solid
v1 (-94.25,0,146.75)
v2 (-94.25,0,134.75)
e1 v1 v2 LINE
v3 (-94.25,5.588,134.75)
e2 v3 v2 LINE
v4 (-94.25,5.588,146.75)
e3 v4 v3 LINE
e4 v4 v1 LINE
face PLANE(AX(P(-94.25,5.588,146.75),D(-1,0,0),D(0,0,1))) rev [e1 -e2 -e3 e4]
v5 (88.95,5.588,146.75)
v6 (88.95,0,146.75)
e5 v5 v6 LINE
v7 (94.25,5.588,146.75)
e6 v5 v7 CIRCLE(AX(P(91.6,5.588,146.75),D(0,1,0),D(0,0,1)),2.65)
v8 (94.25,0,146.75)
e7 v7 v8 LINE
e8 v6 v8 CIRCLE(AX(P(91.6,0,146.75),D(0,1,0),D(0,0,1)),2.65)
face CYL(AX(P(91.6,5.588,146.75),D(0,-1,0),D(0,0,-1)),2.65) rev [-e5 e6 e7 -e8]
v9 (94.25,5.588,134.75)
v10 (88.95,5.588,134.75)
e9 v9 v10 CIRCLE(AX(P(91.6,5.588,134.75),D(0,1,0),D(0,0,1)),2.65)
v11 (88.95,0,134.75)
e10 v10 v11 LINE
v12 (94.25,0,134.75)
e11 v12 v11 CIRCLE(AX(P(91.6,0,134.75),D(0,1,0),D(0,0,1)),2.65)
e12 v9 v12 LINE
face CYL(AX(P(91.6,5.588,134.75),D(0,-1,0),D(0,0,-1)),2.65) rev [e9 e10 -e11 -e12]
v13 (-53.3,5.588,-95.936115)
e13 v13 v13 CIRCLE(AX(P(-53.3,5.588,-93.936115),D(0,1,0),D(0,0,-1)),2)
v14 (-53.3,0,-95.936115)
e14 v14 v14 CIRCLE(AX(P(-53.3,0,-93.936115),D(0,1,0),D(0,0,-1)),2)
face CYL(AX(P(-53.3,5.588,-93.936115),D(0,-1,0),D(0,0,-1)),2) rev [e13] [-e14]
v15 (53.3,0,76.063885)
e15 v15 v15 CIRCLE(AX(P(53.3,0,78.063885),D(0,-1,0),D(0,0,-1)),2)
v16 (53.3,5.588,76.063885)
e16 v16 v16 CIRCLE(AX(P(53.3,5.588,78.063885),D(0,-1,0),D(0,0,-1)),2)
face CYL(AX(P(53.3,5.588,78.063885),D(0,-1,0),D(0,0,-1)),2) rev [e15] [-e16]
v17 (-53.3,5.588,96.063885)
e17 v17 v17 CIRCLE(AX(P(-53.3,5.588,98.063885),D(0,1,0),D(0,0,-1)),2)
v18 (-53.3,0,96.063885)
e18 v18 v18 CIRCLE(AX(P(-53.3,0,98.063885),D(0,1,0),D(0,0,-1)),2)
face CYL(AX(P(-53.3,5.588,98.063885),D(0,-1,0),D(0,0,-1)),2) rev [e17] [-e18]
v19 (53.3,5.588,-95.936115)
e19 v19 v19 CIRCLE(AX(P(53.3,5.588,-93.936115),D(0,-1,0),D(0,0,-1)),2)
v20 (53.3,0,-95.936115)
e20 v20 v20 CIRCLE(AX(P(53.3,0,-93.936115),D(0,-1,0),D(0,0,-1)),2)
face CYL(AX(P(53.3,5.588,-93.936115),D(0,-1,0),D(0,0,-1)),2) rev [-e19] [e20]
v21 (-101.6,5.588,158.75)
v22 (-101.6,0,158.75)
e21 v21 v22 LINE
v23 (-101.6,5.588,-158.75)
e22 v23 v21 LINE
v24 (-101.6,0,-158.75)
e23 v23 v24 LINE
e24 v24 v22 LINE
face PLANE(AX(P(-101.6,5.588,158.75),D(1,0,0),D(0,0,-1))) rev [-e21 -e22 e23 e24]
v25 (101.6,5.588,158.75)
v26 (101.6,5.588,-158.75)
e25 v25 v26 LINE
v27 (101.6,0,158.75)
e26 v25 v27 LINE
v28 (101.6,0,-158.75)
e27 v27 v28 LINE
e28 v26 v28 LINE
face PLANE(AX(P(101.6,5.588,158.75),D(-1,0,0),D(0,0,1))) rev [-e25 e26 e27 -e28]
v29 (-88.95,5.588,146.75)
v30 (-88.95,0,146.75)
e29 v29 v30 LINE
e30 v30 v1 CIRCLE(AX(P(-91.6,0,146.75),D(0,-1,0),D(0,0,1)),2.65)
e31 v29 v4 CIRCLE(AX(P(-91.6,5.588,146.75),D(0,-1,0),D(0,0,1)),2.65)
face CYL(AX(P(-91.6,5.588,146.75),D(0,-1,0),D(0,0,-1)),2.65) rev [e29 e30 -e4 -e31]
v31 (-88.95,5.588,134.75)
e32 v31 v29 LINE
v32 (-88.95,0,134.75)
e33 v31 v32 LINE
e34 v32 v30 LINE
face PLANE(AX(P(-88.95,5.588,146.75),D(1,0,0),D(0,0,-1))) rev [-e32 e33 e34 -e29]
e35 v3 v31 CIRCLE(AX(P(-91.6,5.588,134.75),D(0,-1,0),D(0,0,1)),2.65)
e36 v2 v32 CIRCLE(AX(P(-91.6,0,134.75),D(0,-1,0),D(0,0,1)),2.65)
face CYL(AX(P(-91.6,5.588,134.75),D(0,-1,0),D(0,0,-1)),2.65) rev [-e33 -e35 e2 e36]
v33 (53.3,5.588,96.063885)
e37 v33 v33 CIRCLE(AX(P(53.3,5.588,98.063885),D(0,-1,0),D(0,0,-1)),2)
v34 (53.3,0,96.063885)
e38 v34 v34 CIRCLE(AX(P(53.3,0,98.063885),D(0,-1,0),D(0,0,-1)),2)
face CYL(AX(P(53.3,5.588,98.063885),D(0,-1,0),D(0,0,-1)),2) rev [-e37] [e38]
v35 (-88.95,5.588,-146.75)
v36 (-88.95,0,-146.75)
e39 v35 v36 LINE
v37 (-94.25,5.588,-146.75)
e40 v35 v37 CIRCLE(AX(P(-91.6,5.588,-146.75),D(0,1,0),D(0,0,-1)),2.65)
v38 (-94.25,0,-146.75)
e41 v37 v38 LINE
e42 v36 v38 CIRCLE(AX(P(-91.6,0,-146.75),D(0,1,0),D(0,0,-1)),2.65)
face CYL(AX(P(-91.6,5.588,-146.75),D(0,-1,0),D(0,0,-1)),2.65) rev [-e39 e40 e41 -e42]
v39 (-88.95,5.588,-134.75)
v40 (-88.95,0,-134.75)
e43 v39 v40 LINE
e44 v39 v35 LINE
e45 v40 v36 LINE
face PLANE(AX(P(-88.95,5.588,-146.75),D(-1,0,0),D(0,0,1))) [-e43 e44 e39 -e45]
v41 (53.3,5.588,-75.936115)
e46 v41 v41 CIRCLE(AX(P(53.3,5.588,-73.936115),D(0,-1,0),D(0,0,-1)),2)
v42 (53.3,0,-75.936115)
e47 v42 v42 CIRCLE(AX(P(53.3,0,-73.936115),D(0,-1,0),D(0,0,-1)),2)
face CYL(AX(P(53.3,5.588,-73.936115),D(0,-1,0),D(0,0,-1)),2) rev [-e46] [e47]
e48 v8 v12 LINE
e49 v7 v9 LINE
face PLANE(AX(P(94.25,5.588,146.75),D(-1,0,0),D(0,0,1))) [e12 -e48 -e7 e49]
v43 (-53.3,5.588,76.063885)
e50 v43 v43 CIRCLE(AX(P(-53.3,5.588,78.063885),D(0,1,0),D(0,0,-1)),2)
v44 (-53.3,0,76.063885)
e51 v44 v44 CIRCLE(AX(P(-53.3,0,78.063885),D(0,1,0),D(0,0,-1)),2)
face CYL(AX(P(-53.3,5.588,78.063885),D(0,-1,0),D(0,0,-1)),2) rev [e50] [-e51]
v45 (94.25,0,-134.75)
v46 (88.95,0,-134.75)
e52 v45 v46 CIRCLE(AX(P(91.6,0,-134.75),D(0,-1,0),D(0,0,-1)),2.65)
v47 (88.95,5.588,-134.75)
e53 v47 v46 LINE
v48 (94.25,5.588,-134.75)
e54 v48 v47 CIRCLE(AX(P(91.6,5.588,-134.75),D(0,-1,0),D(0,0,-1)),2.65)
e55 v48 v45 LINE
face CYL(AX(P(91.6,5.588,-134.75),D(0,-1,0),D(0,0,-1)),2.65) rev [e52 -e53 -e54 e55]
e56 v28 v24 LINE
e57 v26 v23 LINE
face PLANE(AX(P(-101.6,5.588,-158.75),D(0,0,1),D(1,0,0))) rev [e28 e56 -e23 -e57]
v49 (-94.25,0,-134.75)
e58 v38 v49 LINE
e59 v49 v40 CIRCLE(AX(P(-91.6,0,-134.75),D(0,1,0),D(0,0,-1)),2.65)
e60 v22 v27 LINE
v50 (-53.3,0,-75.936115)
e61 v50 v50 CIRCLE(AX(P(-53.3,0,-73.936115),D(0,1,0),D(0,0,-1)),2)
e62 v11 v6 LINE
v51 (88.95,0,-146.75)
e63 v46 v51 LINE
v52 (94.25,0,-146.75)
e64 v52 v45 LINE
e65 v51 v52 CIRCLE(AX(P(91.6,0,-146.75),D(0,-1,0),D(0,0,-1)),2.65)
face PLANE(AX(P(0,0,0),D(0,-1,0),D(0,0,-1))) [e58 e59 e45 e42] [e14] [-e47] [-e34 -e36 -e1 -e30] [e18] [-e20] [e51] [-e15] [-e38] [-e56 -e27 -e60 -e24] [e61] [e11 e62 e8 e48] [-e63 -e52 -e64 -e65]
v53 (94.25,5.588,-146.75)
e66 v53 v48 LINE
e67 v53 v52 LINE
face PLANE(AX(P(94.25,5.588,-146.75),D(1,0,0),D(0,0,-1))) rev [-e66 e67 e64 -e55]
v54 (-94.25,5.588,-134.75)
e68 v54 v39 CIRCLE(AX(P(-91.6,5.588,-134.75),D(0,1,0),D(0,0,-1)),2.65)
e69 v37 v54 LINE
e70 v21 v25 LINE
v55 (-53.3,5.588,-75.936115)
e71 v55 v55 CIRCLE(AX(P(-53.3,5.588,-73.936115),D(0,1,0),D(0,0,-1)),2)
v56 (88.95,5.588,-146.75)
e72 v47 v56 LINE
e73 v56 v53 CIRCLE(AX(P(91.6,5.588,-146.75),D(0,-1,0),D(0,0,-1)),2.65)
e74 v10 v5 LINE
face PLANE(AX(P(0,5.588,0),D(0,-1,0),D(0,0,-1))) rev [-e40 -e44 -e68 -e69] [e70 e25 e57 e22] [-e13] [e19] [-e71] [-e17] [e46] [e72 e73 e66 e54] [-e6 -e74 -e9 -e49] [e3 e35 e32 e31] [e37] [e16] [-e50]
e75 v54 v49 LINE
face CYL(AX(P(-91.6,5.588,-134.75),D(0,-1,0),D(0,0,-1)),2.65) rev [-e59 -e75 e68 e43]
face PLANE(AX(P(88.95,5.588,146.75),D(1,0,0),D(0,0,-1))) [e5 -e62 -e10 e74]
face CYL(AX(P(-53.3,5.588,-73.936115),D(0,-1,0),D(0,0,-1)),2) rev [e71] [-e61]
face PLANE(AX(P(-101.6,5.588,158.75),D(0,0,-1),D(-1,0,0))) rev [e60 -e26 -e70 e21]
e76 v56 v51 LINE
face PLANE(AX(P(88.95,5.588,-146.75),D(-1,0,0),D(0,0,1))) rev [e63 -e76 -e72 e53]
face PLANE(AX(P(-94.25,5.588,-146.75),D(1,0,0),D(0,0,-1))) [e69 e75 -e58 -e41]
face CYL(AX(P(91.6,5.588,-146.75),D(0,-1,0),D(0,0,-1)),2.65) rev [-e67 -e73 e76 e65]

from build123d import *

# Parameters (mm, degrees)
SKETCH1_W                                = 203.2
SKETCH1_H                                = 317.5
BOSS_EXTRUDE1_DEPTH                      = 5.588
SKETCH3_R                                = 2
SKETCH3_R_2                              = 2.000000004
CUT_EXTRUDE2_DEPTH                       = 468.664781924
SKETCH6_R                                = 2.65
CUT_EXTRUDE4_DEPTH                       = 468.664781924
CUT_EXTRUDE5_DEPTH                       = 189.561258598
MIRROR3_AT_THE_SECOND_PLANE_COPY_1_DEPTH = 189.561258598


with BuildPart() as part:
    # Sketch1 → Boss-Extrude1 (new body)
    with BuildSketch(Plane(origin=(0, 0, 0), x_dir=(1, 0, 0), z_dir=(0, 1, 0))):
        Rectangle(SKETCH1_W, SKETCH1_H)
    extrude(amount=BOSS_EXTRUDE1_DEPTH)

    # Sketch3 → Cut-Extrude2 (cut, through all)
    with BuildSketch(Plane(origin=(-338.26084164, 0, 0), x_dir=(1, 0, 0), z_dir=(0, -1, 0))):
        with Locations(Location((391.56084164, -93.936114691, 0), (0, 0, 270))):
            Circle(SKETCH3_R)
        with Locations(Location((391.56084164, -73.936114691, 0), (0, 0, 270))):
            Circle(SKETCH3_R)
        with Locations(Location((391.56084164, 78.063885309, 0), (0, 0, 270))):
            Circle(SKETCH3_R_2)
        with Locations(Location((391.56084164, 98.063885309, 0), (0, 0, 270))):
            Circle(SKETCH3_R)
    cut_extrude2 = extrude(amount=-CUT_EXTRUDE2_DEPTH, mode=Mode.SUBTRACT)

    # Mirror2: Cut-Extrude2 across plane
    add(cut_extrude2.mirror(Plane(origin=(0, 0, 0), x_dir=(0, 0, 1), z_dir=(1, 0, 0))), mode=Mode.SUBTRACT)

    # Sketch6 → Cut-Extrude4 (cut, through all)
    with BuildSketch(Plane(origin=(-338.26084164, 5.588, 0), x_dir=(1, 0, 0), z_dir=(0, 1, 0))):
        with Locations(Location((429.86084164, 136.812, 0), (0, 0, 270))):
            Circle(SKETCH6_R)
    extrude(amount=-CUT_EXTRUDE4_DEPTH, mode=Mode.SUBTRACT)

    # Sketch7 → Cut-Extrude5 (cut, through all)
    with BuildSketch(Plane.XZ):
        with BuildLine():
            Line((88.95, -146.75), (88.95, -134.75))
            ThreePointArc((88.95, -134.75), (91.6, -132.1), (94.25, -134.75))
            Line((94.25, -134.75), (94.25, -146.75))
            ThreePointArc((94.25, -146.75), (91.6, -149.4), (88.95, -146.75))
        make_face()
    cut_extrude5 = extrude(amount=-CUT_EXTRUDE5_DEPTH, mode=Mode.SUBTRACT)

    # Mirror3: Cut-Extrude5 across plane
    add(cut_extrude5.mirror(Plane(origin=(0, 0, 0), x_dir=(0, 0, 1), z_dir=(1, 0, 0))), mode=Mode.SUBTRACT)

    # Mirror3 at the second plane: Cut-Extrude5 across plane
    add(cut_extrude5.mirror(Plane.XY), mode=Mode.SUBTRACT)

    # Mirror3 at the second plane copy 1 sketc → Mirror3 at the second plane copy 1 (cut, through all)
    with BuildSketch(Plane(origin=(0, 0, 0), x_dir=(-1, 0, 0), z_dir=(0, -1, 0))):
        with BuildLine():
            Line((88.95, -146.75), (88.95, -134.75))
            ThreePointArc((88.95, -134.75), (91.6, -132.1), (94.25, -134.75))
            Line((94.25, -134.75), (94.25, -146.75))
            ThreePointArc((94.25, -146.75), (91.6, -149.4), (88.95, -146.75))
        make_face()
    extrude(amount=-MIRROR3_AT_THE_SECOND_PLANE_COPY_1_DEPTH, mode=Mode.SUBTRACT)


solid = part.part
